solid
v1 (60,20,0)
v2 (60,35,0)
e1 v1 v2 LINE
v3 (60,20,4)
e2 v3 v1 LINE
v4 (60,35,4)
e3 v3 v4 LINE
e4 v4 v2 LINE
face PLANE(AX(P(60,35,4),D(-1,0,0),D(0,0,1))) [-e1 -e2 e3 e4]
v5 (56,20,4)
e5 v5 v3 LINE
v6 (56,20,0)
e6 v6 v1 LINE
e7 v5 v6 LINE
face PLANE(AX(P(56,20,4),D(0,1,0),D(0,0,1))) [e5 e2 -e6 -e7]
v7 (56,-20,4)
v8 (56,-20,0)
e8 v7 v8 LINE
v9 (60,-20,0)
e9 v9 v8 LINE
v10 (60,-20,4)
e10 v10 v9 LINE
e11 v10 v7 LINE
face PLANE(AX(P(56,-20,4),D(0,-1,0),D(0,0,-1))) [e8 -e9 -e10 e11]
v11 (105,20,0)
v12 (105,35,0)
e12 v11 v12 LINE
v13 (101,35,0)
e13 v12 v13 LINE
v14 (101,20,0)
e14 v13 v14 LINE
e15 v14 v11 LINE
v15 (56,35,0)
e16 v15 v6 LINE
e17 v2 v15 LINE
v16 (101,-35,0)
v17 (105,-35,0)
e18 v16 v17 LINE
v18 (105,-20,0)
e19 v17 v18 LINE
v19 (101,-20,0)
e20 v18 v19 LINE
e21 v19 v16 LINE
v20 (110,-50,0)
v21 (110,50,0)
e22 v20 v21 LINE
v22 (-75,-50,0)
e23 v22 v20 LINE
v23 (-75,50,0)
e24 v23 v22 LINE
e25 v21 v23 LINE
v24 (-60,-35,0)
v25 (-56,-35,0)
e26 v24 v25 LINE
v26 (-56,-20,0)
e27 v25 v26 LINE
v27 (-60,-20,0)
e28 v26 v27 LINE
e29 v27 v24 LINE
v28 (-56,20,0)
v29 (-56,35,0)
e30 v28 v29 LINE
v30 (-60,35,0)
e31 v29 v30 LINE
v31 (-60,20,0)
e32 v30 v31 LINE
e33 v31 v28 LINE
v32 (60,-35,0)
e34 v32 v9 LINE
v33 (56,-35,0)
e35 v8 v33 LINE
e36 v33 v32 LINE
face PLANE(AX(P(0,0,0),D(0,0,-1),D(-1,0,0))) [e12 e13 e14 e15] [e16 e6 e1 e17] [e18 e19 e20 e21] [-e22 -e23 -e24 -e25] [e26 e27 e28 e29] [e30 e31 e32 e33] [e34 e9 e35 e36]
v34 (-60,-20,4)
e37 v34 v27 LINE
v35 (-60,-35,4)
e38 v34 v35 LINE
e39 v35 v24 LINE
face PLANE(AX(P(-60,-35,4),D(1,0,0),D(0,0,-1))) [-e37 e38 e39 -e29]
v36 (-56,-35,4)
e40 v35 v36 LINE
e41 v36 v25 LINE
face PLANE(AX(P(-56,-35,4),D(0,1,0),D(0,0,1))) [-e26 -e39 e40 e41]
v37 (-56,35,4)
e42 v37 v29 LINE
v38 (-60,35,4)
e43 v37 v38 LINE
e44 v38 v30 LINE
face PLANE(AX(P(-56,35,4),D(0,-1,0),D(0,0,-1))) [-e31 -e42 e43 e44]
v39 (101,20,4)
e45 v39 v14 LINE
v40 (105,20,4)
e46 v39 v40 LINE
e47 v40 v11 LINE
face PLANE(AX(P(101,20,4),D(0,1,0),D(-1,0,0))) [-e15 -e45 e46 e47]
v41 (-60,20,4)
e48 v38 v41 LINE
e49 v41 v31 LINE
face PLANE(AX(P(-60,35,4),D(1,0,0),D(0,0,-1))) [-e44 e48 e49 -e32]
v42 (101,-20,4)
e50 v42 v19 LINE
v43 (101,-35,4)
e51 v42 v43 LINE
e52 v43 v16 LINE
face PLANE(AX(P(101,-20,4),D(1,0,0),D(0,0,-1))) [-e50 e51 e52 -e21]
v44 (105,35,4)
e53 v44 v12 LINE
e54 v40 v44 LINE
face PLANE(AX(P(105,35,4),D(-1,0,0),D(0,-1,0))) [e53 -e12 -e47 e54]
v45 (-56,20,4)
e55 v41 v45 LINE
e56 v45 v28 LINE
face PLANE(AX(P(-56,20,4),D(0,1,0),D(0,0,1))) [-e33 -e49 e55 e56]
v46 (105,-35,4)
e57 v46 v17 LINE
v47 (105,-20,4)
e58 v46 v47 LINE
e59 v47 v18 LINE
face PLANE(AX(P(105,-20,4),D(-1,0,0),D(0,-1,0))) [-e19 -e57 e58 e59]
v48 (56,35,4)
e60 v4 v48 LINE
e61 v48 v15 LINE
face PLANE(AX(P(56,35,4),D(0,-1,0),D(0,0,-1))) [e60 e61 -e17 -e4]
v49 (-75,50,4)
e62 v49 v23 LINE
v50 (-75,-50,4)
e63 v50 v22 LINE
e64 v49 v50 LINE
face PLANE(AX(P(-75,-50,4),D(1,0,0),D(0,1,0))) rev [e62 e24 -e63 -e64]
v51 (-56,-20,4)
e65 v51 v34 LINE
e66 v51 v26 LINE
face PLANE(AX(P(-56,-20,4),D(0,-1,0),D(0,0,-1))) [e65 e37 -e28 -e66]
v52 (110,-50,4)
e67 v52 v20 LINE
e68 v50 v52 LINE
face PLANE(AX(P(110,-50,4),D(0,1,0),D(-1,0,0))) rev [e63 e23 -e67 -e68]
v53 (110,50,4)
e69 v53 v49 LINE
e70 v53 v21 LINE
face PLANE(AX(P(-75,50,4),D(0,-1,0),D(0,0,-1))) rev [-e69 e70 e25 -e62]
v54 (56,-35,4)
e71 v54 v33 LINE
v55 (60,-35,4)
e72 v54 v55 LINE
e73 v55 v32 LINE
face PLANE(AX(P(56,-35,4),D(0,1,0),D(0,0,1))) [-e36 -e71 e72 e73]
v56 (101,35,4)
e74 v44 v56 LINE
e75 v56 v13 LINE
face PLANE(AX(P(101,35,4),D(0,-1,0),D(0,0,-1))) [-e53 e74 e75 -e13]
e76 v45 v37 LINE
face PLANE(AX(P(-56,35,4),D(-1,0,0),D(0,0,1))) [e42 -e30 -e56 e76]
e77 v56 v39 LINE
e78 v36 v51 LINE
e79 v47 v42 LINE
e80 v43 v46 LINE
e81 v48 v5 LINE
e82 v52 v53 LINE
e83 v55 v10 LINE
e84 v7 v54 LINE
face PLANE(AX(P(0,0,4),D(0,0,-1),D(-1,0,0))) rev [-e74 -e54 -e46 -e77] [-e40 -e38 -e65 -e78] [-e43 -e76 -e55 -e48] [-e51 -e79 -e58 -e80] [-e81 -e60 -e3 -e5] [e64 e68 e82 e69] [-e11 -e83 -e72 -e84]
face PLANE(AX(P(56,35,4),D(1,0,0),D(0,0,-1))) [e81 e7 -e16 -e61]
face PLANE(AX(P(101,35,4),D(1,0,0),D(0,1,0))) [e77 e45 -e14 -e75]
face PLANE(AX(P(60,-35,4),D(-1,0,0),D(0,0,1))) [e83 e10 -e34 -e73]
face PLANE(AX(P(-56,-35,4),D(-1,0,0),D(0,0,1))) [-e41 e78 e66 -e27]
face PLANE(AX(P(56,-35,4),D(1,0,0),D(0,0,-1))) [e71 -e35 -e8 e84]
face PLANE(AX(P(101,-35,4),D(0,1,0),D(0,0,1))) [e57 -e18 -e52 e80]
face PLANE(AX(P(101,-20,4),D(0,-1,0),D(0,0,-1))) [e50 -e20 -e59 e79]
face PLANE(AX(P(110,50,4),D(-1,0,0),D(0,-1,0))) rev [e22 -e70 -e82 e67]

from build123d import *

# Parameters (mm, degrees)
SKETCH1_W           = 4
SKETCH1_H           = 15
BOSS_EXTRUDE1_DEPTH = 4


with BuildPart() as part:
    # Sketch1 → Boss-Extrude1 (new body)
    with BuildSketch(Plane.XY):
        Polygon((-75, -50), (75, -50), (110, -50), (110, 50), (75, 50), (-75, 50), align=None)
        with Locations((58, 27.5)):
            Rectangle(SKETCH1_W, SKETCH1_H, mode=Mode.SUBTRACT)
        with Locations((58, -27.5)):
            Rectangle(SKETCH1_W, SKETCH1_H, mode=Mode.SUBTRACT)
        with Locations((-58, 27.5)):
            Rectangle(SKETCH1_W, SKETCH1_H, mode=Mode.SUBTRACT)
        with Locations((-58, -27.5)):
            Rectangle(SKETCH1_W, SKETCH1_H, mode=Mode.SUBTRACT)
        with Locations((103, 27.5)):
            Rectangle(SKETCH1_W, SKETCH1_H, mode=Mode.SUBTRACT)
        with Locations((103, -27.5)):
            Rectangle(SKETCH1_W, SKETCH1_H, mode=Mode.SUBTRACT)
    extrude(amount=BOSS_EXTRUDE1_DEPTH)


solid = part.part
